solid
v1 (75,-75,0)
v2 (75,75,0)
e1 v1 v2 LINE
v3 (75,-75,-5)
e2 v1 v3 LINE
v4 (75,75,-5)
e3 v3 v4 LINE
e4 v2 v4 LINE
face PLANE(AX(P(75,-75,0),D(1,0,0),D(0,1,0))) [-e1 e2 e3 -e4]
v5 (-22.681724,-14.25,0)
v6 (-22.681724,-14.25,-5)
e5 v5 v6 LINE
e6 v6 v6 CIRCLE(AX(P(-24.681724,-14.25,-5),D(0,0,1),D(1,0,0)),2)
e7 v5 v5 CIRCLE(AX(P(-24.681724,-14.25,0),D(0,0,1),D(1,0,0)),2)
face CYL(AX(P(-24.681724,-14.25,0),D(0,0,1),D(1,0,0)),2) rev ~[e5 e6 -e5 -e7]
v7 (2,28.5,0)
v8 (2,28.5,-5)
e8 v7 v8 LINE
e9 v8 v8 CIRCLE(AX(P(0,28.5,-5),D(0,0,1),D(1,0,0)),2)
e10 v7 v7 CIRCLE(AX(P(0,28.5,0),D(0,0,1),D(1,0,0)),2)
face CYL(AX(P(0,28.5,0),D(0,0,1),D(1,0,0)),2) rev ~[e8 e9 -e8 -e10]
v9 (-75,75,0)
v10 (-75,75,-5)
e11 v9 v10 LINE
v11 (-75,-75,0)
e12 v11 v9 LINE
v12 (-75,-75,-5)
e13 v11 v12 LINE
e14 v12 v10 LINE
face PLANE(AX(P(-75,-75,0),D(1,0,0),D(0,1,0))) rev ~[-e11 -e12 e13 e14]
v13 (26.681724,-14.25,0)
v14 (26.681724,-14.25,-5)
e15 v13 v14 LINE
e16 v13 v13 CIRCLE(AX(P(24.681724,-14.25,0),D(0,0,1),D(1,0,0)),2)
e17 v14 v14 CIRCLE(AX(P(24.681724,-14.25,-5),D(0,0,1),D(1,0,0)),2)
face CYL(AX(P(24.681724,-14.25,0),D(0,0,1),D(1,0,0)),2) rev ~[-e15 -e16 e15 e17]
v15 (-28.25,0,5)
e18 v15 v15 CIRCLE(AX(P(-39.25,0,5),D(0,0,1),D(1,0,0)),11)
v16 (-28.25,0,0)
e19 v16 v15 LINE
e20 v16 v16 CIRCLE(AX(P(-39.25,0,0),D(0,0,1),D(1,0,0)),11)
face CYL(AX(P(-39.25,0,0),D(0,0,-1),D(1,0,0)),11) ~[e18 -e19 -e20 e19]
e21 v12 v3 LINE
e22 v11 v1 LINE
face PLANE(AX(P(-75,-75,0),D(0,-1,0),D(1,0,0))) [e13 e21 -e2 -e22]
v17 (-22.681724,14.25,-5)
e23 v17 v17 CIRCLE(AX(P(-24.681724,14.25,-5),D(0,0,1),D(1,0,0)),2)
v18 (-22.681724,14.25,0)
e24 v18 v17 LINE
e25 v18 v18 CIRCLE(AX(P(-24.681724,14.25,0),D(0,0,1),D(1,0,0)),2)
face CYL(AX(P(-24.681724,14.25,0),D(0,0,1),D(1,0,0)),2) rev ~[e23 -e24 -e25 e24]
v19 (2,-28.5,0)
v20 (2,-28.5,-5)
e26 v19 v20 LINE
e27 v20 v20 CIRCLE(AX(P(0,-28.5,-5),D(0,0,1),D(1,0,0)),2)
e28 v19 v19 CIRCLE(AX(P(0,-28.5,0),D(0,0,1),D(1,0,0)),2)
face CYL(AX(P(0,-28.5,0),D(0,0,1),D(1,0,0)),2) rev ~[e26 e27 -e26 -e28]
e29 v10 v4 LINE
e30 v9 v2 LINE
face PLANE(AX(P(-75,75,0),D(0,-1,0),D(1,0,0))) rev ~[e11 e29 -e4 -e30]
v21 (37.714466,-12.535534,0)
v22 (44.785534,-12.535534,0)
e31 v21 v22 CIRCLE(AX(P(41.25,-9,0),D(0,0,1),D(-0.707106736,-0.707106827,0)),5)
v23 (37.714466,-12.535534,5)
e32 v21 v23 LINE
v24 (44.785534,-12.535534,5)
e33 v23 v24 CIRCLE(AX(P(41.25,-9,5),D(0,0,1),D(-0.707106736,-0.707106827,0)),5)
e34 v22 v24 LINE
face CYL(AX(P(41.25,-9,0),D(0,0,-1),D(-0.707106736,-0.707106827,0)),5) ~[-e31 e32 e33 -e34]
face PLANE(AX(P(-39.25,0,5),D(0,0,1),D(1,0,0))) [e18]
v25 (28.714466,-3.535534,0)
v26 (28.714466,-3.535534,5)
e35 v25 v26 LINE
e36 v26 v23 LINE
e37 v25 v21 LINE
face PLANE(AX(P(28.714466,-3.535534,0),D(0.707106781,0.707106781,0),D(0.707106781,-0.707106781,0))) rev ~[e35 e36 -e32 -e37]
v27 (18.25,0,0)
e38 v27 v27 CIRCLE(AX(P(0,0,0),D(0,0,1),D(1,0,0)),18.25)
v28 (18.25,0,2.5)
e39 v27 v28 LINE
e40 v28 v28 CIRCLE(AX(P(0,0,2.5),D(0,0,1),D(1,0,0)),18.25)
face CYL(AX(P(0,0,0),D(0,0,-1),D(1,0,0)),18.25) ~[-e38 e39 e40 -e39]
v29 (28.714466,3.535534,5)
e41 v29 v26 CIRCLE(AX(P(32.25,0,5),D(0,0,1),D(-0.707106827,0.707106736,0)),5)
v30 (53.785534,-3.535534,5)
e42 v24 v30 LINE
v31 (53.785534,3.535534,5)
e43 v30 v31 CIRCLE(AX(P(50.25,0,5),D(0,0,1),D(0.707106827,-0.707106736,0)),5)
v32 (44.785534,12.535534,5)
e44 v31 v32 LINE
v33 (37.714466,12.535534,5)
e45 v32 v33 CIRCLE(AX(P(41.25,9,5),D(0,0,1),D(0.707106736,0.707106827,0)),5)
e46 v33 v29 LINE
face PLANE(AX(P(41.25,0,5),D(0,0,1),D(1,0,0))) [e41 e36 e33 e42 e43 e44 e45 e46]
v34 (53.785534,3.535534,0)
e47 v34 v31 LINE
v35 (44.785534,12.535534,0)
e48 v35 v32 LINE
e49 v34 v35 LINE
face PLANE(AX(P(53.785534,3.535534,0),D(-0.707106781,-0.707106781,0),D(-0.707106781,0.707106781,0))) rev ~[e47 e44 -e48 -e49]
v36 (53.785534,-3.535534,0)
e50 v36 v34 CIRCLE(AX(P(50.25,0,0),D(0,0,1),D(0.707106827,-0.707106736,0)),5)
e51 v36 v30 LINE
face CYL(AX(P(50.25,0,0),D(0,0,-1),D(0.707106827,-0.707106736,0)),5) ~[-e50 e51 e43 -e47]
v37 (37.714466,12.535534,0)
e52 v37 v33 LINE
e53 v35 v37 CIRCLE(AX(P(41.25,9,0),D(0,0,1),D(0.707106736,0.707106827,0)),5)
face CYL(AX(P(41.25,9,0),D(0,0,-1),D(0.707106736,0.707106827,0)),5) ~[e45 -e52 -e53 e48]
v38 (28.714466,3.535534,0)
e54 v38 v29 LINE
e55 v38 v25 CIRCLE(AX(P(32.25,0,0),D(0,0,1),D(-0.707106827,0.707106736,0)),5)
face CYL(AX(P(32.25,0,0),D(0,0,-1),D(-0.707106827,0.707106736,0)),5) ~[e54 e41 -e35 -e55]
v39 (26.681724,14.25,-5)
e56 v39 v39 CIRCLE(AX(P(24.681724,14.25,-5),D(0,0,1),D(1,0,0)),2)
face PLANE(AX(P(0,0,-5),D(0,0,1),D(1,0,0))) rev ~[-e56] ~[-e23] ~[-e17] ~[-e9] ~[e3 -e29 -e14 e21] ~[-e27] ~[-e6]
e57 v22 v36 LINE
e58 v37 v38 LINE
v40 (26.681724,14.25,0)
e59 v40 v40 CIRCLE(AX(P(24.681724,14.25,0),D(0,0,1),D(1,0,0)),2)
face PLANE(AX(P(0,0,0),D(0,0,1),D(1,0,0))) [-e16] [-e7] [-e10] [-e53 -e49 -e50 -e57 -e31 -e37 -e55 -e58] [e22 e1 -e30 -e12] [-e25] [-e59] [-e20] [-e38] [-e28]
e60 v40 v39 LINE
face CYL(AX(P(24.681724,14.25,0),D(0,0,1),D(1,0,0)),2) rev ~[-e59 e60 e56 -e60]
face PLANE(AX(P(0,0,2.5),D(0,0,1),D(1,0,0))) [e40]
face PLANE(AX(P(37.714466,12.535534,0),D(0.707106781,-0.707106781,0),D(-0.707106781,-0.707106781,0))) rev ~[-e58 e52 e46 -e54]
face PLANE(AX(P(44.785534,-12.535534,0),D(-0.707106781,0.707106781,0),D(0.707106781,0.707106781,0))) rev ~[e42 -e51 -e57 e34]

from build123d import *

# Parameters (mm, degrees)
F0_W     = 150
F0_H     = 150
F1_DEPTH = 5
F2_R     = 18.25
F3_DEPTH = 2.5
F4_R     = 11
F5_DEPTH = 5
F6_R     = 2
F7_DEPTH = 5.001


with BuildPart() as f1:
    # F0 (on Top) → F1 (new body)
    with BuildSketch(Plane.XY):
        Rectangle(F0_W, F0_H)
    extrude(amount=-F1_DEPTH)

    # F2 (on face) → F3 (join)
    with BuildSketch(Plane.XY):
        Circle(F2_R)
    extrude(amount=F3_DEPTH)

    # F4 (on face) → F5 (join)
    with BuildSketch(Plane.XY):
        with Locations((-39.25, 0)):
            Circle(F4_R)
        with BuildLine():
            Line((37.714466, 12.535534), (28.714466, 3.535534))
            ThreePointArc((28.714466, 3.535534), (27.25, 0), (28.714466, -3.535534))
            Line((28.714466, -3.535534), (37.714466, -12.535534))
            ThreePointArc((37.714466, -12.535534), (41.25, -14), (44.785534, -12.535534))
            Line((44.785534, -12.535534), (53.785534, -3.535534))
            ThreePointArc((53.785534, -3.535534), (55.25, 0), (53.785534, 3.535534))
            Line((53.785534, 3.535534), (44.785534, 12.535534))
            ThreePointArc((44.785534, 12.535534), (41.25, 14), (37.714466, 12.535534))
        make_face()
    extrude(amount=F5_DEPTH)

    # F6 (on face) → F7 (cut, through all)
    with BuildSketch(Plane.XY):
        with Locations((0, 28.5)):
            Circle(F6_R)
        with Locations((-24.681724, 14.25)):
            Circle(F6_R)
        with Locations((-24.681724, -14.25)):
            Circle(F6_R)
        with Locations((0, -28.5)):
            Circle(F6_R)
        with Locations((24.681724, -14.25)):
            Circle(F6_R)
        with Locations((24.681724, 14.25)):
            Circle(F6_R)
    extrude(amount=-F7_DEPTH, mode=Mode.SUBTRACT)


solid = f1.part
